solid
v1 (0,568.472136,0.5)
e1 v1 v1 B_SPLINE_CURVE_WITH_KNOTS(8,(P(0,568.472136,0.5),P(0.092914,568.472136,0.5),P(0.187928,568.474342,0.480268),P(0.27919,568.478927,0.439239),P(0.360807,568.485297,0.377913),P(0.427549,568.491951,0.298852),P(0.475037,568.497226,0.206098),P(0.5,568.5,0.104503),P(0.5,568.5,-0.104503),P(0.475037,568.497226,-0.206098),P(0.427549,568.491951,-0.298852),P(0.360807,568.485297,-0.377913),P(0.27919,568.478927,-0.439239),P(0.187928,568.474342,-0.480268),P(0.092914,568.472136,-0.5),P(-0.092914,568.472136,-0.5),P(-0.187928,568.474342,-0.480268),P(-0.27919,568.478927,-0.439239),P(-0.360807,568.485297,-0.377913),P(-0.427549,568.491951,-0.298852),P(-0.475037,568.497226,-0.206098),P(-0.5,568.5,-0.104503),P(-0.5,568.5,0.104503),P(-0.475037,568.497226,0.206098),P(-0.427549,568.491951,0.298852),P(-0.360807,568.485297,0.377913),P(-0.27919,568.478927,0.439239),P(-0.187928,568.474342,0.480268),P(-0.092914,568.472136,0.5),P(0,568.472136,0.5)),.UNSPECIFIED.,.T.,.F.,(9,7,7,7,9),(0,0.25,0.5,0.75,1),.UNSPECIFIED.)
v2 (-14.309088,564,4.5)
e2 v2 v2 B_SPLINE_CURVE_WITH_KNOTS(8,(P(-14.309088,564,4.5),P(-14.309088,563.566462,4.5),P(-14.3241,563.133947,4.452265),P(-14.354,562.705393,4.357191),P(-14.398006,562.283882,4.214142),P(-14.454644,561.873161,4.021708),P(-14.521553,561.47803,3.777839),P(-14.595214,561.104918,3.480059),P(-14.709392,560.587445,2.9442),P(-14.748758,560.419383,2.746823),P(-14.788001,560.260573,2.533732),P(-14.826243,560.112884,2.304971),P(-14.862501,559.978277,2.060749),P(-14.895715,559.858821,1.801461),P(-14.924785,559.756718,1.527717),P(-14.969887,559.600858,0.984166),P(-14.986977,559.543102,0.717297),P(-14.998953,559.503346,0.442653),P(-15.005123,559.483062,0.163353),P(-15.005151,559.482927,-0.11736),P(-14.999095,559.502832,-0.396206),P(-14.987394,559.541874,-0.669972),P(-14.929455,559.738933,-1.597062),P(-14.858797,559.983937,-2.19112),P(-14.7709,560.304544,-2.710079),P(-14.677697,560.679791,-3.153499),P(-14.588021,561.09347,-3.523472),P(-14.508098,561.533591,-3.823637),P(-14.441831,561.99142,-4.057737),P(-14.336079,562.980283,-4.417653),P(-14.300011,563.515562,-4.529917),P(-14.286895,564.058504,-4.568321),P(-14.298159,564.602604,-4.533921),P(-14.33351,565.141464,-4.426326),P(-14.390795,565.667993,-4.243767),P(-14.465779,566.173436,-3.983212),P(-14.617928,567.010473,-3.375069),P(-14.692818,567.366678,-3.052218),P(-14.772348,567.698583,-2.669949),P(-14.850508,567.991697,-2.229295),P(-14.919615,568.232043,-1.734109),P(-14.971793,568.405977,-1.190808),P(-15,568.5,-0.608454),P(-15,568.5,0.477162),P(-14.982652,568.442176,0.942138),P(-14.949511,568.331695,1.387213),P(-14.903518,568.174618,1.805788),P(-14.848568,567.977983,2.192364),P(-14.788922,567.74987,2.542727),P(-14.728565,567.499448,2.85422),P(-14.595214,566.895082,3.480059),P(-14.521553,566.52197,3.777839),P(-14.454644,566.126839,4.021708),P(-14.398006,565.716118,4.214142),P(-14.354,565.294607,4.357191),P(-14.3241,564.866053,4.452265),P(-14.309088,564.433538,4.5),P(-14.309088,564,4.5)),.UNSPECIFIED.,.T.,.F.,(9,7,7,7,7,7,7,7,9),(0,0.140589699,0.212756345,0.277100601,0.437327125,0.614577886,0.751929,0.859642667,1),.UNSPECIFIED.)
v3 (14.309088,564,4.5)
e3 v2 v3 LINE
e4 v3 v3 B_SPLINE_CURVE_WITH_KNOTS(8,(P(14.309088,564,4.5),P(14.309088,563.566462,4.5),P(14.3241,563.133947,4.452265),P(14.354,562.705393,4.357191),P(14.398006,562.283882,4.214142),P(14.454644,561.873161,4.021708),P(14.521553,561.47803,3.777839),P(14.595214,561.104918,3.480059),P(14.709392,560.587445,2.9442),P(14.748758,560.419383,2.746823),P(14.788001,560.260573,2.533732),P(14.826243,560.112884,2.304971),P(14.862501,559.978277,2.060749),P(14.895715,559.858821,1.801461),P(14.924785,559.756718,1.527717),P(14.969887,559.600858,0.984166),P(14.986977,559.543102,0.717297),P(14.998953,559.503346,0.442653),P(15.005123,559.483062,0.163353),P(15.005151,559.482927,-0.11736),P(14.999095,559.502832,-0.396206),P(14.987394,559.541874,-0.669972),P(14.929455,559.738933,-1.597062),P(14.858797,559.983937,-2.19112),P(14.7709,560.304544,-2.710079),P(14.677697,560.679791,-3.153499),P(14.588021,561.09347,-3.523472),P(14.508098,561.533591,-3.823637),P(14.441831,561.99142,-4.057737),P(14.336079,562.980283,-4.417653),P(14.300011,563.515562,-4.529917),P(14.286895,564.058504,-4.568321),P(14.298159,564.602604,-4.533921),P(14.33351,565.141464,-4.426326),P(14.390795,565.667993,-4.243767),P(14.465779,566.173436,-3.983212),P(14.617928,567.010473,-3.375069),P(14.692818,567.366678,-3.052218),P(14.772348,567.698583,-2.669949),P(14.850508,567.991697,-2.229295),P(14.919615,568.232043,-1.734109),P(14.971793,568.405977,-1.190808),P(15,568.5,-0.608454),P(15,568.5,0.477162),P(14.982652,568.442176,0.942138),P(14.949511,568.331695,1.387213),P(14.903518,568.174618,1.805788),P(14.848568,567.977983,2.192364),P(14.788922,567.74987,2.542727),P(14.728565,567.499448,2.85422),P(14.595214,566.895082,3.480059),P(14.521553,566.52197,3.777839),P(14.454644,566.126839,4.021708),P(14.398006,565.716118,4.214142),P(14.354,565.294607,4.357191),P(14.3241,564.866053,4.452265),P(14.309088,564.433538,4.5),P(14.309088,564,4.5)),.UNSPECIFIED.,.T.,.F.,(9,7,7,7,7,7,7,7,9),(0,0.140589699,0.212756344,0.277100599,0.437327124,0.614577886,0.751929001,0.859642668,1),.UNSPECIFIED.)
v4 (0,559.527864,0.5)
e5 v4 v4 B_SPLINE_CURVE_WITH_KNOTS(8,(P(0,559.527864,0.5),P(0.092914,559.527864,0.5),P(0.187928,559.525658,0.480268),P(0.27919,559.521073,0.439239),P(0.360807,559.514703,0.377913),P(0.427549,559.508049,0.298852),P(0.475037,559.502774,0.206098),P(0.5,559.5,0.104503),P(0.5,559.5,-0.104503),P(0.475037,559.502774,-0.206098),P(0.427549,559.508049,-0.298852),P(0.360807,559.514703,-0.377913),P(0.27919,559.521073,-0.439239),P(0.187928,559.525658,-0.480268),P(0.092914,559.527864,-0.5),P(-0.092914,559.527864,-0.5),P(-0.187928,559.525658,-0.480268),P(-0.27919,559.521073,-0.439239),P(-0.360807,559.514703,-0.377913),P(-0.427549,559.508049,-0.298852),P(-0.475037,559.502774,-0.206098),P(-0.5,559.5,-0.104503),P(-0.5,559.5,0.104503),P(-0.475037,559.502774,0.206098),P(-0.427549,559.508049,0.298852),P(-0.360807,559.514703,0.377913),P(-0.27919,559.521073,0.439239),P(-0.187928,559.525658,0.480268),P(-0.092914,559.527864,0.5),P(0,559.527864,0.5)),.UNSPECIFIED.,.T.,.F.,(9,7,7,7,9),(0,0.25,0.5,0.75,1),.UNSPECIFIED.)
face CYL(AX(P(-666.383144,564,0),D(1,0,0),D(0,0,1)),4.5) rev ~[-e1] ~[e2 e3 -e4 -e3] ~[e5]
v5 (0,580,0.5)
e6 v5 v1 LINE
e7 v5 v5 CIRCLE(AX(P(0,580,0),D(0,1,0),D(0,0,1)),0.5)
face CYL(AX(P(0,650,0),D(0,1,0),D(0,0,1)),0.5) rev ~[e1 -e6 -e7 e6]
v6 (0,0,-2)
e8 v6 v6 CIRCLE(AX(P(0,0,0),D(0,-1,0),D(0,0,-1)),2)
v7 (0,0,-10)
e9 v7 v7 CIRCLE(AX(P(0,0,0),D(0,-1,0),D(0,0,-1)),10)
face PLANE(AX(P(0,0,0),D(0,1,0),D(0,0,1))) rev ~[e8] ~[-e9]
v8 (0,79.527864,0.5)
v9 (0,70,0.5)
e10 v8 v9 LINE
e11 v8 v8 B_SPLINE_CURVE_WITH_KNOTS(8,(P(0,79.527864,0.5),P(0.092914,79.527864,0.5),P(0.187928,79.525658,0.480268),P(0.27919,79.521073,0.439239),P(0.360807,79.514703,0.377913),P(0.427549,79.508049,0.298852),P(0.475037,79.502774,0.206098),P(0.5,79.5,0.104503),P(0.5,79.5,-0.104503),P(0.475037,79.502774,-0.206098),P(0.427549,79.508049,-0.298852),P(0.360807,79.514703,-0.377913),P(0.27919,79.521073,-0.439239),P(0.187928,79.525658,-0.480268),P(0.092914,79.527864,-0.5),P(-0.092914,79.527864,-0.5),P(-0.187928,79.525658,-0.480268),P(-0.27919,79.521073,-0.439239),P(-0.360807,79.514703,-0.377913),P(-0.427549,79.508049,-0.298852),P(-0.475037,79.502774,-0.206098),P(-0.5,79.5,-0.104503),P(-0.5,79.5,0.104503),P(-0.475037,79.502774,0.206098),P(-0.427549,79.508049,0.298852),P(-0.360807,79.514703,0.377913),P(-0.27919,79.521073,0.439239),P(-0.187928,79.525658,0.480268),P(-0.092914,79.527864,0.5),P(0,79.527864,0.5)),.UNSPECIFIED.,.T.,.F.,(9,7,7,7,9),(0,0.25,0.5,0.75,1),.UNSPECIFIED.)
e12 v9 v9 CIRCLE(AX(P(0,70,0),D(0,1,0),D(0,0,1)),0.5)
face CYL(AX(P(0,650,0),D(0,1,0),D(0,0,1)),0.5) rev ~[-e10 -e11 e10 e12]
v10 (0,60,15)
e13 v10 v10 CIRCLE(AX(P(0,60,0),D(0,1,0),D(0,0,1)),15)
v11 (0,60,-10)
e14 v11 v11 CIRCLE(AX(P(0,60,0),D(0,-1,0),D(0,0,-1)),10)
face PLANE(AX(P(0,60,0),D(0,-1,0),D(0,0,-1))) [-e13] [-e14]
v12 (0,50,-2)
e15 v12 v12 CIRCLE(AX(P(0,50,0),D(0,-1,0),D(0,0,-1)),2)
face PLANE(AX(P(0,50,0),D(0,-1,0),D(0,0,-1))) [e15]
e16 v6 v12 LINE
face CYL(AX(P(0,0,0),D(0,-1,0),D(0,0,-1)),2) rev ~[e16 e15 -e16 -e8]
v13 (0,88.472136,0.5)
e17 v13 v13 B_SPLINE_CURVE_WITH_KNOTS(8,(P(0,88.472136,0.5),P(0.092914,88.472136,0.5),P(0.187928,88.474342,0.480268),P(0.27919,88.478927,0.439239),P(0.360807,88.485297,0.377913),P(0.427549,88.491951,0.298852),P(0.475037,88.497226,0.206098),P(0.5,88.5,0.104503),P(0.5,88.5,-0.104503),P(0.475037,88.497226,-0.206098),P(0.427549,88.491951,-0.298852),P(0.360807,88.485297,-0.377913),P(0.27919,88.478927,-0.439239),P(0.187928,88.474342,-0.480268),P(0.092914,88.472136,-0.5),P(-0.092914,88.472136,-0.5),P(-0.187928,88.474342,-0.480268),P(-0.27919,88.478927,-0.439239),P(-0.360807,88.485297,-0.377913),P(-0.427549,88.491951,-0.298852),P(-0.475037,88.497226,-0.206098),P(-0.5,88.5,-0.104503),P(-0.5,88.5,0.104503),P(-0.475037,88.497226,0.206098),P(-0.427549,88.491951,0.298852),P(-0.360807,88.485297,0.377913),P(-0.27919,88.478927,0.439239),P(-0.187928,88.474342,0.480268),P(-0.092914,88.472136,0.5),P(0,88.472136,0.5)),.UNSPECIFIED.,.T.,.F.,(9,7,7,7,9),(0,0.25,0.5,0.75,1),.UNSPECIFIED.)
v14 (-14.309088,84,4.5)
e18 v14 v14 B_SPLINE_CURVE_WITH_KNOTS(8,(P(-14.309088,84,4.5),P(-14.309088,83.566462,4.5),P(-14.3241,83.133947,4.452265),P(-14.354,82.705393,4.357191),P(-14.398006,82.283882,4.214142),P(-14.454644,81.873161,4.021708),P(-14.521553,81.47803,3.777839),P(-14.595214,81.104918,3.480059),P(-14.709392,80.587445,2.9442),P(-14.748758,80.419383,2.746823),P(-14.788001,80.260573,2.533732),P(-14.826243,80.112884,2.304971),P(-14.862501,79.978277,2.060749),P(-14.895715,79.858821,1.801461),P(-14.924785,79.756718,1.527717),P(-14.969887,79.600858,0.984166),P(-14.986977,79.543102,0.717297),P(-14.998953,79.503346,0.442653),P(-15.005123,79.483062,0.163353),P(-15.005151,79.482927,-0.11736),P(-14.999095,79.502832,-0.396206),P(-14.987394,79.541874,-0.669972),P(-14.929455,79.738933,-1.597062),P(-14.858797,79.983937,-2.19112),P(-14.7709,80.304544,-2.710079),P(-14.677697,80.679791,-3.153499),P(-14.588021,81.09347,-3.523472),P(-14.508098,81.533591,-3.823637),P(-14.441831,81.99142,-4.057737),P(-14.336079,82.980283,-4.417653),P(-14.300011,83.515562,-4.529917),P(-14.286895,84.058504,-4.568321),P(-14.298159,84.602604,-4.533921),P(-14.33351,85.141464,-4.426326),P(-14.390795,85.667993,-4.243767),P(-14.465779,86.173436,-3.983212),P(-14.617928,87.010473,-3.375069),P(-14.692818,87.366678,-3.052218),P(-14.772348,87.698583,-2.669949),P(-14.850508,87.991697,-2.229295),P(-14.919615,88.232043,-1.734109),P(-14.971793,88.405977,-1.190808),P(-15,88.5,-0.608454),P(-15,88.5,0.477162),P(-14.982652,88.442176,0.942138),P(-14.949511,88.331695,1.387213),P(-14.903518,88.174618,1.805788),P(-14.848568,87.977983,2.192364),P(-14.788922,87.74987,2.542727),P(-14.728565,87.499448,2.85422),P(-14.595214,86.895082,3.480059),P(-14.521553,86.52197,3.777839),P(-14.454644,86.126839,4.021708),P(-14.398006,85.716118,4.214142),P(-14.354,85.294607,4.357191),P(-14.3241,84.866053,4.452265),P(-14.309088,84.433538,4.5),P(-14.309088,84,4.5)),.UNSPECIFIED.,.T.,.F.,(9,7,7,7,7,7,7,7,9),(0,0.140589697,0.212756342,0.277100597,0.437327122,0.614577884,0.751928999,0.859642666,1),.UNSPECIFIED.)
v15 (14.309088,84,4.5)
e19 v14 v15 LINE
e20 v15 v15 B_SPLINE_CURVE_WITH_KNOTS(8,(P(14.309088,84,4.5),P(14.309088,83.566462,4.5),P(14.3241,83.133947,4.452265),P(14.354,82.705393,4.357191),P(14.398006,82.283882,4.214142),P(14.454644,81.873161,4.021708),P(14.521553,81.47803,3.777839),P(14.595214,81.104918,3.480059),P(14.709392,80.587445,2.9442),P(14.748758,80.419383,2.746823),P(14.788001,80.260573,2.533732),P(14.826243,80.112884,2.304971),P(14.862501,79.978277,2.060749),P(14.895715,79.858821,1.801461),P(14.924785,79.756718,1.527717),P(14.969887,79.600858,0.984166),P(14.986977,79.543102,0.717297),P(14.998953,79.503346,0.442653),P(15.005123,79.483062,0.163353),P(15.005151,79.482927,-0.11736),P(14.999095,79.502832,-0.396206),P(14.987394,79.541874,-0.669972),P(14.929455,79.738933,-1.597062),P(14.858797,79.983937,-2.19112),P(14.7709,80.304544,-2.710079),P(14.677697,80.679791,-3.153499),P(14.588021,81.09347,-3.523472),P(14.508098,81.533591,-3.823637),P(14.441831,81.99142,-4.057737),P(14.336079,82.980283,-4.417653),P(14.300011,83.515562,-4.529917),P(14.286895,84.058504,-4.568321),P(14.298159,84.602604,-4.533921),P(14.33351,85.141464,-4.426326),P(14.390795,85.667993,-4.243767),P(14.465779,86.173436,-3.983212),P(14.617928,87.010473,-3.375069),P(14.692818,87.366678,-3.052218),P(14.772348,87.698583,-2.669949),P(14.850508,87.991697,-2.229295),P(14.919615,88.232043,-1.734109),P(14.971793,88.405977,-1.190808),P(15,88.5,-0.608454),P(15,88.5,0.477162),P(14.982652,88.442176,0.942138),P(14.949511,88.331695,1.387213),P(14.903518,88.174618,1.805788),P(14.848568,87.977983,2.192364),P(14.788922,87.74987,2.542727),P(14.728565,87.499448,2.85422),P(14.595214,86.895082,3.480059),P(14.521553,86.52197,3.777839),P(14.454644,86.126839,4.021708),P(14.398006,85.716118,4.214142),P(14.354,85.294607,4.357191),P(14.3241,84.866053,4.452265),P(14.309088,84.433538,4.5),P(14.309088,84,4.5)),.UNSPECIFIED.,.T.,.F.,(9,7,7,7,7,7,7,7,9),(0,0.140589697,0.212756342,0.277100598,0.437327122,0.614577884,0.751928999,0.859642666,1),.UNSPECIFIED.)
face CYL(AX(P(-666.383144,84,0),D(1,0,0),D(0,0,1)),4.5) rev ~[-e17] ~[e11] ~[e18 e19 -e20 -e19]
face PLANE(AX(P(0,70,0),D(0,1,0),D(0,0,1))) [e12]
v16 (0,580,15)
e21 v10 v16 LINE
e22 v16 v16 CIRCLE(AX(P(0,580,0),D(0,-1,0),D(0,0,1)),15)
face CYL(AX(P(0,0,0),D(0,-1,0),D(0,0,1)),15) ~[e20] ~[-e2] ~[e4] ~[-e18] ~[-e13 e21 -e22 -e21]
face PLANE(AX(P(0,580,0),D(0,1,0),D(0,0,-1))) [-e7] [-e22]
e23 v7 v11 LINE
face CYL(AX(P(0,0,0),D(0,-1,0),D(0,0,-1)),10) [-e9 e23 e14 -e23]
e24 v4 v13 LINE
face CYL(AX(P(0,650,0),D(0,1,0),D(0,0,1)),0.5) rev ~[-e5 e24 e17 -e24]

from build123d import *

# Parameters (mm, degrees)
ESQUISSE1_R             = 15
BOSS_EXTRU_1_DEPTH      = 650
ESQUISSE2_R             = 15
ESQUISSE2_R_2           = 10
ENL_V_MAT_EXTRU_1_DEPTH = 60
ESQUISSE3_R             = 2
ENL_V_MAT_EXTRU_2_DEPTH = 50
D_GAGEMENT_M81_D        = 9
ESQUISSE6_R             = 0.5
ENL_V_MAT_EXTRU_3_DEPTH = 580
ENL_V_START             = -70
ESQUISSE7_R             = 15
ENL_V_MAT_EXTRU_4_DEPTH = 70


with BuildPart() as part:
    # Esquisse1 → Boss.-Extru.1 (new body)
    with BuildSketch(Plane(origin=(0, 0, 0), x_dir=(1, 0, 0), z_dir=(0, 1, 0))):
        with Locations(Location((0, 0, 0), (0, 0, 270))):
            Circle(ESQUISSE1_R)
    extrude(amount=BOSS_EXTRU_1_DEPTH)

    # Esquisse2 → Enlèv. mat.-Extru.1 (cut)
    with BuildSketch(Plane(origin=(0, 0, 0), x_dir=(-1, 0, 0), z_dir=(0, -1, 0))):
        with Locations(Location((0, 0, 0), (0, 0, 90))):
            Circle(ESQUISSE2_R)
        with Locations(Location((0, 0, 0), (0, 0, 90))):
            Circle(ESQUISSE2_R_2, mode=Mode.SUBTRACT)
    extrude(amount=-ENL_V_MAT_EXTRU_1_DEPTH, mode=Mode.SUBTRACT)

    # Esquisse3 → Enlèv. mat.-Extru.2 (cut)
    with BuildSketch(Plane(origin=(0, 0, 0), x_dir=(-1, 0, 0), z_dir=(0, -1, 0))):
        with Locations(Location((0, 0, 0), (0, 0, 90))):
            Circle(ESQUISSE3_R)
    extrude(amount=-ENL_V_MAT_EXTRU_2_DEPTH, mode=Mode.SUBTRACT)

    # Dégagement M81 (through all)
    with Locations(Plane(origin=(-15, 84, 0), x_dir=(0, 0, -1), z_dir=(-1, 0, 0))):
        with Locations((0, 0), (0, -480)):
            Hole(D_GAGEMENT_M81_D / 2)

    # Esquisse6 → Enlèv. mat.-Extru.3 (cut)
    with BuildSketch(Plane(origin=(0, 650, 0), x_dir=(1, 0, 0), z_dir=(0, 1, 0))):
        with Locations(Location((0, 0, 0), (0, 0, 270))):
            Circle(ESQUISSE6_R)
    extrude(amount=-ENL_V_MAT_EXTRU_3_DEPTH, mode=Mode.SUBTRACT)

    # Esquisse7 → Enlèv. mat.-Extru.4 (cut)
    with BuildSketch(Plane(origin=(0, 650, 0), x_dir=(1, 0, 0), z_dir=(0, 1, 0)).offset(ENL_V_START)):
        with Locations(Location((0, 0, 0), (0, 0, 90))):
            Circle(ESQUISSE7_R)
    extrude(amount=ENL_V_MAT_EXTRU_4_DEPTH, mode=Mode.SUBTRACT)


solid = part.part
